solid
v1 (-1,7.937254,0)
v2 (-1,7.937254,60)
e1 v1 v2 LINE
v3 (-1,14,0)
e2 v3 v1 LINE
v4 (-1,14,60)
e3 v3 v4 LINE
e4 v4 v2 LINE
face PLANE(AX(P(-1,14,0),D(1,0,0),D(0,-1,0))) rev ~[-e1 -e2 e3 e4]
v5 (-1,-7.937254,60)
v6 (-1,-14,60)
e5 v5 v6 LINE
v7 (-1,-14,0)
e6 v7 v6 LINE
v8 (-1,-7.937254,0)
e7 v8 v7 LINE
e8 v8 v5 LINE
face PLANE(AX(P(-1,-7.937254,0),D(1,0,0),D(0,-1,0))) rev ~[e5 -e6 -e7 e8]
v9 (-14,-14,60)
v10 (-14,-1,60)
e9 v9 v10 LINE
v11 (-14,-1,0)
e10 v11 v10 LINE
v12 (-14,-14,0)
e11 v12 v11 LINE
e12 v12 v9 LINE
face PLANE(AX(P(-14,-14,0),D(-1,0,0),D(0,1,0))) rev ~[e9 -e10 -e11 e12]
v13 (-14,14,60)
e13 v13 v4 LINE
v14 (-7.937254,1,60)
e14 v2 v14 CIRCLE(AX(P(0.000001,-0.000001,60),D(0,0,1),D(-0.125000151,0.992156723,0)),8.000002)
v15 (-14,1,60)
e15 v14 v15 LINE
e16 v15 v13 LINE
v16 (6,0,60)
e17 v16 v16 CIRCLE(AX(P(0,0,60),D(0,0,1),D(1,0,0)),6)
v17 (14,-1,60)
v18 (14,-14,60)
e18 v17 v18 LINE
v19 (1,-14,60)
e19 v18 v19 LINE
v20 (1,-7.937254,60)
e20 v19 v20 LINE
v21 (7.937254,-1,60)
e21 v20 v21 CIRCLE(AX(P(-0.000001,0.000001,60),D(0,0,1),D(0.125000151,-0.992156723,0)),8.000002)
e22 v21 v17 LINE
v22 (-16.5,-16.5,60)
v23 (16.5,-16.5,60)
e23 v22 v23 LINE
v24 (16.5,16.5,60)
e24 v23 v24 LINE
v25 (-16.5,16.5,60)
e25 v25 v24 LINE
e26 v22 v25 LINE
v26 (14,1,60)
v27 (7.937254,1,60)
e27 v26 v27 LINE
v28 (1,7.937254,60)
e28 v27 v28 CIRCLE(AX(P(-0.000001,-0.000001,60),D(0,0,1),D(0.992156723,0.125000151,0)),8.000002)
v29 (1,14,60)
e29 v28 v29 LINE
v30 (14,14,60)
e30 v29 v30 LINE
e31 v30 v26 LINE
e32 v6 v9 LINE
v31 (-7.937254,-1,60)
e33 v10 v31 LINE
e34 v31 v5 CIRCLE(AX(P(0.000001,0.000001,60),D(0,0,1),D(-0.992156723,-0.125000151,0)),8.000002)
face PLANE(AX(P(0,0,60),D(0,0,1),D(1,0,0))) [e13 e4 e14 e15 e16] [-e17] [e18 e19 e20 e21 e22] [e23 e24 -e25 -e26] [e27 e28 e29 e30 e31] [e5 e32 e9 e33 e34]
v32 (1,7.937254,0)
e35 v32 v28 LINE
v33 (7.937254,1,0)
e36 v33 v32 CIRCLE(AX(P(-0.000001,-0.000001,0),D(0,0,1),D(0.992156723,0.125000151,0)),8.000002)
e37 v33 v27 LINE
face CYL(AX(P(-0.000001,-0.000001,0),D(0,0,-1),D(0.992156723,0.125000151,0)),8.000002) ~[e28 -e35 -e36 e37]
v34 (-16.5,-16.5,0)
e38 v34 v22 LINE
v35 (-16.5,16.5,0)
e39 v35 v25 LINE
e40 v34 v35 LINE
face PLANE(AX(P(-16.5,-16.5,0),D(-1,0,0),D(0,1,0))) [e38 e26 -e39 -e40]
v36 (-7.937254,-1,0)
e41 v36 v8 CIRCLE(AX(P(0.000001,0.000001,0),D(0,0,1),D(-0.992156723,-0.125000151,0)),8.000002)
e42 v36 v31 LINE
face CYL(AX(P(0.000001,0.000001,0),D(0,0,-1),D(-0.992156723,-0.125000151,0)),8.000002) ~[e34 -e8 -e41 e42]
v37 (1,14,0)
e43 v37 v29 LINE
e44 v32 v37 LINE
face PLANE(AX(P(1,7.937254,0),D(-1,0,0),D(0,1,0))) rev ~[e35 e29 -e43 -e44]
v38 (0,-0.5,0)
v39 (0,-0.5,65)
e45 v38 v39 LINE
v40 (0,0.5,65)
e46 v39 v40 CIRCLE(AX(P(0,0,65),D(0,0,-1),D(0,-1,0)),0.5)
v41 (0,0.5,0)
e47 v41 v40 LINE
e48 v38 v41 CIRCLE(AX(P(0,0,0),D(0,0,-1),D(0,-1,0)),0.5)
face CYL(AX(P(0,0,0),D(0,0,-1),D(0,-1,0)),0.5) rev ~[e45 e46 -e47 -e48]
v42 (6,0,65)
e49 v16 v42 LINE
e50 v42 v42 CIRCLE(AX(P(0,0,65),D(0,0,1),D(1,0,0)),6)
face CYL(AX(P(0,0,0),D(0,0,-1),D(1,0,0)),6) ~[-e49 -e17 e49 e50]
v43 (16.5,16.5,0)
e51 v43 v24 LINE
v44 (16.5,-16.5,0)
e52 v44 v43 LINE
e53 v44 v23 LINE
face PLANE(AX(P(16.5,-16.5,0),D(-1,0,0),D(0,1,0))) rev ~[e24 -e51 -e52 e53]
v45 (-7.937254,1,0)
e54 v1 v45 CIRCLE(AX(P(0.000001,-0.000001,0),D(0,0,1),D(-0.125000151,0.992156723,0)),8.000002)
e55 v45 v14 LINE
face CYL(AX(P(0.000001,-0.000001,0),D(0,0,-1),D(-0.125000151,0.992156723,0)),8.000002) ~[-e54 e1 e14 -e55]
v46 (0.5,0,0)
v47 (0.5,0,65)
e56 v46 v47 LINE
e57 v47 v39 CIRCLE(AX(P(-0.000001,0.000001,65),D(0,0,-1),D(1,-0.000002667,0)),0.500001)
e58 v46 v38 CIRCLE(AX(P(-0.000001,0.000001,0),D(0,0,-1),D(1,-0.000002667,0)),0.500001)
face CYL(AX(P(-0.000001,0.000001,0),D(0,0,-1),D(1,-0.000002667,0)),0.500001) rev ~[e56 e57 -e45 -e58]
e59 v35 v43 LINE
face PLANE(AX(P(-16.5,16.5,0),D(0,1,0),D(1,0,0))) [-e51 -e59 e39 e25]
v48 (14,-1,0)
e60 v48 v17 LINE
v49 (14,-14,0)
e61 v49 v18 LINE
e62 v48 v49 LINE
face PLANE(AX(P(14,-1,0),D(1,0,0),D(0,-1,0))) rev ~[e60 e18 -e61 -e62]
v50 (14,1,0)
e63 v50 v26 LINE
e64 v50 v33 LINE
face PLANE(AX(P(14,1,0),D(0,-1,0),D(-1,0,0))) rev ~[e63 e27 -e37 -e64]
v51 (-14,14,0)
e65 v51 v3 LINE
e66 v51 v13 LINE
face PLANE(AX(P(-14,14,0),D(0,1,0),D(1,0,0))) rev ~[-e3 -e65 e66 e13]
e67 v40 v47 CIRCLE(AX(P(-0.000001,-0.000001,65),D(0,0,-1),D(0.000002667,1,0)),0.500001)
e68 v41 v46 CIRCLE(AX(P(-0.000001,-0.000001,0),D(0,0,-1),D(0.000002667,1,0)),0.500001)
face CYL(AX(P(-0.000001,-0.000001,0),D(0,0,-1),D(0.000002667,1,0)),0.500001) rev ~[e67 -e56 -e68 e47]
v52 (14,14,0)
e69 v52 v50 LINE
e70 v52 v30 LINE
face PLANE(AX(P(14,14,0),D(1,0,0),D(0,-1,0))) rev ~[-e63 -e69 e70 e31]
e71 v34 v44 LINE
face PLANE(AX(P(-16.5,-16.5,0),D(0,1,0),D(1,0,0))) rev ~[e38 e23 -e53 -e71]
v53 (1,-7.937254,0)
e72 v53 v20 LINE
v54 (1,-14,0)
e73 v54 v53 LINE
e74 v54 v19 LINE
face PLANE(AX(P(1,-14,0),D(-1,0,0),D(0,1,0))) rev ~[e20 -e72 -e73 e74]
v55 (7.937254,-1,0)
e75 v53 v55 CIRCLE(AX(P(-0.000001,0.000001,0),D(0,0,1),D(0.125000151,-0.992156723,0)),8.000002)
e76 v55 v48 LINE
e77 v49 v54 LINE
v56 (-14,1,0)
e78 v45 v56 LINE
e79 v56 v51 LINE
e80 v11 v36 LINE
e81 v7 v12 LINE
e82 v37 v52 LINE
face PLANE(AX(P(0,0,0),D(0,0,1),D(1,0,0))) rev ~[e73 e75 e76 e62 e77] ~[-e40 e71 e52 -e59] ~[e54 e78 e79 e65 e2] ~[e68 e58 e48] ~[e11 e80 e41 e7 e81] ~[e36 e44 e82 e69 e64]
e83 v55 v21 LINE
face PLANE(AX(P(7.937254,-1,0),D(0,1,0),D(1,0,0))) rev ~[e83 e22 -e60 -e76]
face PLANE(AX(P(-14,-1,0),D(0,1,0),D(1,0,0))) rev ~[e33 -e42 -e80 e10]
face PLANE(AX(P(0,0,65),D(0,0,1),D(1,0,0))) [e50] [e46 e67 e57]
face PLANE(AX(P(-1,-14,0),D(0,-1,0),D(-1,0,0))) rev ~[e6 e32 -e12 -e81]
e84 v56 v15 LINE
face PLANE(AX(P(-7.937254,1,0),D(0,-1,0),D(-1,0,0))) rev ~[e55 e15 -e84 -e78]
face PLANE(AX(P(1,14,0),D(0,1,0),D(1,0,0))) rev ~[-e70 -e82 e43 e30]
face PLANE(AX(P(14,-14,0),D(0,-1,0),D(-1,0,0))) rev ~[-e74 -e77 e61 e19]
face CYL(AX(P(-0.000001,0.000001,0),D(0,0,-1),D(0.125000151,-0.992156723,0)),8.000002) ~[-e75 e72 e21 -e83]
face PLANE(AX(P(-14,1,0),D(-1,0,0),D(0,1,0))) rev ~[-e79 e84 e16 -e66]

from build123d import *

# Parameters (mm, degrees)
F0_W     = 33
F0_H     = 33
F0_R     = 6
F1_DEPTH = 60
F2_DEPTH = 65


with BuildPart() as f1:
    # F0 (on Top) → F1 (new body)
    with BuildSketch(Plane.XY):
        Rectangle(F0_W, F0_H)
        Polygon((1, 14), (14, 14), (14, 1), (14, -1), (14, -14), (1, -14), (-1, -14), (-14, -14), (-14, -1), (-14, 1), (-14, 14), (-1, 14), align=None, mode=Mode.SUBTRACT)
        with BuildLine():
            Line((14, -1), (14, 1))
            Line((14, 1), (7.937254, 1))
            ThreePointArc((7.937254, 1), (5.656854, 5.656854), (1, 7.937254))
            ThreePointArc((1, 7.937254), (0, 8), (-1, 7.937254))
            ThreePointArc((-1, 7.937254), (-5.656854, 5.656854), (-7.937254, 1))
            ThreePointArc((-7.937254, 1), (-8, 0), (-7.937254, -1))
            ThreePointArc((-7.937254, -1), (-5.656854, -5.656854), (-1, -7.937254))
            ThreePointArc((-1, -7.937254), (0, -8), (1, -7.937254))
            ThreePointArc((1, -7.937254), (5.656854, -5.656854), (7.937254, -1))
            Line((7.937254, -1), (14, -1))
        make_face()
        Circle(F0_R, mode=Mode.SUBTRACT)
        with BuildLine():
            Line((-7.937254, 1), (-14, 1))
            Line((-14, 1), (-14, -1))
            Line((-14, -1), (-7.937254, -1))
            ThreePointArc((-7.937254, -1), (-8, 0), (-7.937254, 1))
        make_face()
        with BuildLine():
            Line((-1, -14), (1, -14))
            Line((1, -14), (1, -7.937254))
            ThreePointArc((1, -7.937254), (0, -8), (-1, -7.937254))
            Line((-1, -7.937254), (-1, -14))
        make_face()
        with BuildLine():
            Line((1, 7.937254), (1, 14))
            Line((1, 14), (-1, 14))
            Line((-1, 14), (-1, 7.937254))
            ThreePointArc((-1, 7.937254), (0, 8), (1, 7.937254))
        make_face()
    extrude(amount=F1_DEPTH)

    # F0 (on Top) → F2 (join)
    with BuildSketch(Plane.XY):
        Circle(F0_R)
        with BuildLine():
            ThreePointArc((0, -0.5), (-0.5, 0), (0, 0.5))
            ThreePointArc((0, 0.5), (0.353553, 0.353553), (0.5, 0))
            ThreePointArc((0.5, 0), (0.353553, -0.353553), (0, -0.5))
        make_face(mode=Mode.SUBTRACT)
    extrude(amount=F2_DEPTH)


solid = f1.part
